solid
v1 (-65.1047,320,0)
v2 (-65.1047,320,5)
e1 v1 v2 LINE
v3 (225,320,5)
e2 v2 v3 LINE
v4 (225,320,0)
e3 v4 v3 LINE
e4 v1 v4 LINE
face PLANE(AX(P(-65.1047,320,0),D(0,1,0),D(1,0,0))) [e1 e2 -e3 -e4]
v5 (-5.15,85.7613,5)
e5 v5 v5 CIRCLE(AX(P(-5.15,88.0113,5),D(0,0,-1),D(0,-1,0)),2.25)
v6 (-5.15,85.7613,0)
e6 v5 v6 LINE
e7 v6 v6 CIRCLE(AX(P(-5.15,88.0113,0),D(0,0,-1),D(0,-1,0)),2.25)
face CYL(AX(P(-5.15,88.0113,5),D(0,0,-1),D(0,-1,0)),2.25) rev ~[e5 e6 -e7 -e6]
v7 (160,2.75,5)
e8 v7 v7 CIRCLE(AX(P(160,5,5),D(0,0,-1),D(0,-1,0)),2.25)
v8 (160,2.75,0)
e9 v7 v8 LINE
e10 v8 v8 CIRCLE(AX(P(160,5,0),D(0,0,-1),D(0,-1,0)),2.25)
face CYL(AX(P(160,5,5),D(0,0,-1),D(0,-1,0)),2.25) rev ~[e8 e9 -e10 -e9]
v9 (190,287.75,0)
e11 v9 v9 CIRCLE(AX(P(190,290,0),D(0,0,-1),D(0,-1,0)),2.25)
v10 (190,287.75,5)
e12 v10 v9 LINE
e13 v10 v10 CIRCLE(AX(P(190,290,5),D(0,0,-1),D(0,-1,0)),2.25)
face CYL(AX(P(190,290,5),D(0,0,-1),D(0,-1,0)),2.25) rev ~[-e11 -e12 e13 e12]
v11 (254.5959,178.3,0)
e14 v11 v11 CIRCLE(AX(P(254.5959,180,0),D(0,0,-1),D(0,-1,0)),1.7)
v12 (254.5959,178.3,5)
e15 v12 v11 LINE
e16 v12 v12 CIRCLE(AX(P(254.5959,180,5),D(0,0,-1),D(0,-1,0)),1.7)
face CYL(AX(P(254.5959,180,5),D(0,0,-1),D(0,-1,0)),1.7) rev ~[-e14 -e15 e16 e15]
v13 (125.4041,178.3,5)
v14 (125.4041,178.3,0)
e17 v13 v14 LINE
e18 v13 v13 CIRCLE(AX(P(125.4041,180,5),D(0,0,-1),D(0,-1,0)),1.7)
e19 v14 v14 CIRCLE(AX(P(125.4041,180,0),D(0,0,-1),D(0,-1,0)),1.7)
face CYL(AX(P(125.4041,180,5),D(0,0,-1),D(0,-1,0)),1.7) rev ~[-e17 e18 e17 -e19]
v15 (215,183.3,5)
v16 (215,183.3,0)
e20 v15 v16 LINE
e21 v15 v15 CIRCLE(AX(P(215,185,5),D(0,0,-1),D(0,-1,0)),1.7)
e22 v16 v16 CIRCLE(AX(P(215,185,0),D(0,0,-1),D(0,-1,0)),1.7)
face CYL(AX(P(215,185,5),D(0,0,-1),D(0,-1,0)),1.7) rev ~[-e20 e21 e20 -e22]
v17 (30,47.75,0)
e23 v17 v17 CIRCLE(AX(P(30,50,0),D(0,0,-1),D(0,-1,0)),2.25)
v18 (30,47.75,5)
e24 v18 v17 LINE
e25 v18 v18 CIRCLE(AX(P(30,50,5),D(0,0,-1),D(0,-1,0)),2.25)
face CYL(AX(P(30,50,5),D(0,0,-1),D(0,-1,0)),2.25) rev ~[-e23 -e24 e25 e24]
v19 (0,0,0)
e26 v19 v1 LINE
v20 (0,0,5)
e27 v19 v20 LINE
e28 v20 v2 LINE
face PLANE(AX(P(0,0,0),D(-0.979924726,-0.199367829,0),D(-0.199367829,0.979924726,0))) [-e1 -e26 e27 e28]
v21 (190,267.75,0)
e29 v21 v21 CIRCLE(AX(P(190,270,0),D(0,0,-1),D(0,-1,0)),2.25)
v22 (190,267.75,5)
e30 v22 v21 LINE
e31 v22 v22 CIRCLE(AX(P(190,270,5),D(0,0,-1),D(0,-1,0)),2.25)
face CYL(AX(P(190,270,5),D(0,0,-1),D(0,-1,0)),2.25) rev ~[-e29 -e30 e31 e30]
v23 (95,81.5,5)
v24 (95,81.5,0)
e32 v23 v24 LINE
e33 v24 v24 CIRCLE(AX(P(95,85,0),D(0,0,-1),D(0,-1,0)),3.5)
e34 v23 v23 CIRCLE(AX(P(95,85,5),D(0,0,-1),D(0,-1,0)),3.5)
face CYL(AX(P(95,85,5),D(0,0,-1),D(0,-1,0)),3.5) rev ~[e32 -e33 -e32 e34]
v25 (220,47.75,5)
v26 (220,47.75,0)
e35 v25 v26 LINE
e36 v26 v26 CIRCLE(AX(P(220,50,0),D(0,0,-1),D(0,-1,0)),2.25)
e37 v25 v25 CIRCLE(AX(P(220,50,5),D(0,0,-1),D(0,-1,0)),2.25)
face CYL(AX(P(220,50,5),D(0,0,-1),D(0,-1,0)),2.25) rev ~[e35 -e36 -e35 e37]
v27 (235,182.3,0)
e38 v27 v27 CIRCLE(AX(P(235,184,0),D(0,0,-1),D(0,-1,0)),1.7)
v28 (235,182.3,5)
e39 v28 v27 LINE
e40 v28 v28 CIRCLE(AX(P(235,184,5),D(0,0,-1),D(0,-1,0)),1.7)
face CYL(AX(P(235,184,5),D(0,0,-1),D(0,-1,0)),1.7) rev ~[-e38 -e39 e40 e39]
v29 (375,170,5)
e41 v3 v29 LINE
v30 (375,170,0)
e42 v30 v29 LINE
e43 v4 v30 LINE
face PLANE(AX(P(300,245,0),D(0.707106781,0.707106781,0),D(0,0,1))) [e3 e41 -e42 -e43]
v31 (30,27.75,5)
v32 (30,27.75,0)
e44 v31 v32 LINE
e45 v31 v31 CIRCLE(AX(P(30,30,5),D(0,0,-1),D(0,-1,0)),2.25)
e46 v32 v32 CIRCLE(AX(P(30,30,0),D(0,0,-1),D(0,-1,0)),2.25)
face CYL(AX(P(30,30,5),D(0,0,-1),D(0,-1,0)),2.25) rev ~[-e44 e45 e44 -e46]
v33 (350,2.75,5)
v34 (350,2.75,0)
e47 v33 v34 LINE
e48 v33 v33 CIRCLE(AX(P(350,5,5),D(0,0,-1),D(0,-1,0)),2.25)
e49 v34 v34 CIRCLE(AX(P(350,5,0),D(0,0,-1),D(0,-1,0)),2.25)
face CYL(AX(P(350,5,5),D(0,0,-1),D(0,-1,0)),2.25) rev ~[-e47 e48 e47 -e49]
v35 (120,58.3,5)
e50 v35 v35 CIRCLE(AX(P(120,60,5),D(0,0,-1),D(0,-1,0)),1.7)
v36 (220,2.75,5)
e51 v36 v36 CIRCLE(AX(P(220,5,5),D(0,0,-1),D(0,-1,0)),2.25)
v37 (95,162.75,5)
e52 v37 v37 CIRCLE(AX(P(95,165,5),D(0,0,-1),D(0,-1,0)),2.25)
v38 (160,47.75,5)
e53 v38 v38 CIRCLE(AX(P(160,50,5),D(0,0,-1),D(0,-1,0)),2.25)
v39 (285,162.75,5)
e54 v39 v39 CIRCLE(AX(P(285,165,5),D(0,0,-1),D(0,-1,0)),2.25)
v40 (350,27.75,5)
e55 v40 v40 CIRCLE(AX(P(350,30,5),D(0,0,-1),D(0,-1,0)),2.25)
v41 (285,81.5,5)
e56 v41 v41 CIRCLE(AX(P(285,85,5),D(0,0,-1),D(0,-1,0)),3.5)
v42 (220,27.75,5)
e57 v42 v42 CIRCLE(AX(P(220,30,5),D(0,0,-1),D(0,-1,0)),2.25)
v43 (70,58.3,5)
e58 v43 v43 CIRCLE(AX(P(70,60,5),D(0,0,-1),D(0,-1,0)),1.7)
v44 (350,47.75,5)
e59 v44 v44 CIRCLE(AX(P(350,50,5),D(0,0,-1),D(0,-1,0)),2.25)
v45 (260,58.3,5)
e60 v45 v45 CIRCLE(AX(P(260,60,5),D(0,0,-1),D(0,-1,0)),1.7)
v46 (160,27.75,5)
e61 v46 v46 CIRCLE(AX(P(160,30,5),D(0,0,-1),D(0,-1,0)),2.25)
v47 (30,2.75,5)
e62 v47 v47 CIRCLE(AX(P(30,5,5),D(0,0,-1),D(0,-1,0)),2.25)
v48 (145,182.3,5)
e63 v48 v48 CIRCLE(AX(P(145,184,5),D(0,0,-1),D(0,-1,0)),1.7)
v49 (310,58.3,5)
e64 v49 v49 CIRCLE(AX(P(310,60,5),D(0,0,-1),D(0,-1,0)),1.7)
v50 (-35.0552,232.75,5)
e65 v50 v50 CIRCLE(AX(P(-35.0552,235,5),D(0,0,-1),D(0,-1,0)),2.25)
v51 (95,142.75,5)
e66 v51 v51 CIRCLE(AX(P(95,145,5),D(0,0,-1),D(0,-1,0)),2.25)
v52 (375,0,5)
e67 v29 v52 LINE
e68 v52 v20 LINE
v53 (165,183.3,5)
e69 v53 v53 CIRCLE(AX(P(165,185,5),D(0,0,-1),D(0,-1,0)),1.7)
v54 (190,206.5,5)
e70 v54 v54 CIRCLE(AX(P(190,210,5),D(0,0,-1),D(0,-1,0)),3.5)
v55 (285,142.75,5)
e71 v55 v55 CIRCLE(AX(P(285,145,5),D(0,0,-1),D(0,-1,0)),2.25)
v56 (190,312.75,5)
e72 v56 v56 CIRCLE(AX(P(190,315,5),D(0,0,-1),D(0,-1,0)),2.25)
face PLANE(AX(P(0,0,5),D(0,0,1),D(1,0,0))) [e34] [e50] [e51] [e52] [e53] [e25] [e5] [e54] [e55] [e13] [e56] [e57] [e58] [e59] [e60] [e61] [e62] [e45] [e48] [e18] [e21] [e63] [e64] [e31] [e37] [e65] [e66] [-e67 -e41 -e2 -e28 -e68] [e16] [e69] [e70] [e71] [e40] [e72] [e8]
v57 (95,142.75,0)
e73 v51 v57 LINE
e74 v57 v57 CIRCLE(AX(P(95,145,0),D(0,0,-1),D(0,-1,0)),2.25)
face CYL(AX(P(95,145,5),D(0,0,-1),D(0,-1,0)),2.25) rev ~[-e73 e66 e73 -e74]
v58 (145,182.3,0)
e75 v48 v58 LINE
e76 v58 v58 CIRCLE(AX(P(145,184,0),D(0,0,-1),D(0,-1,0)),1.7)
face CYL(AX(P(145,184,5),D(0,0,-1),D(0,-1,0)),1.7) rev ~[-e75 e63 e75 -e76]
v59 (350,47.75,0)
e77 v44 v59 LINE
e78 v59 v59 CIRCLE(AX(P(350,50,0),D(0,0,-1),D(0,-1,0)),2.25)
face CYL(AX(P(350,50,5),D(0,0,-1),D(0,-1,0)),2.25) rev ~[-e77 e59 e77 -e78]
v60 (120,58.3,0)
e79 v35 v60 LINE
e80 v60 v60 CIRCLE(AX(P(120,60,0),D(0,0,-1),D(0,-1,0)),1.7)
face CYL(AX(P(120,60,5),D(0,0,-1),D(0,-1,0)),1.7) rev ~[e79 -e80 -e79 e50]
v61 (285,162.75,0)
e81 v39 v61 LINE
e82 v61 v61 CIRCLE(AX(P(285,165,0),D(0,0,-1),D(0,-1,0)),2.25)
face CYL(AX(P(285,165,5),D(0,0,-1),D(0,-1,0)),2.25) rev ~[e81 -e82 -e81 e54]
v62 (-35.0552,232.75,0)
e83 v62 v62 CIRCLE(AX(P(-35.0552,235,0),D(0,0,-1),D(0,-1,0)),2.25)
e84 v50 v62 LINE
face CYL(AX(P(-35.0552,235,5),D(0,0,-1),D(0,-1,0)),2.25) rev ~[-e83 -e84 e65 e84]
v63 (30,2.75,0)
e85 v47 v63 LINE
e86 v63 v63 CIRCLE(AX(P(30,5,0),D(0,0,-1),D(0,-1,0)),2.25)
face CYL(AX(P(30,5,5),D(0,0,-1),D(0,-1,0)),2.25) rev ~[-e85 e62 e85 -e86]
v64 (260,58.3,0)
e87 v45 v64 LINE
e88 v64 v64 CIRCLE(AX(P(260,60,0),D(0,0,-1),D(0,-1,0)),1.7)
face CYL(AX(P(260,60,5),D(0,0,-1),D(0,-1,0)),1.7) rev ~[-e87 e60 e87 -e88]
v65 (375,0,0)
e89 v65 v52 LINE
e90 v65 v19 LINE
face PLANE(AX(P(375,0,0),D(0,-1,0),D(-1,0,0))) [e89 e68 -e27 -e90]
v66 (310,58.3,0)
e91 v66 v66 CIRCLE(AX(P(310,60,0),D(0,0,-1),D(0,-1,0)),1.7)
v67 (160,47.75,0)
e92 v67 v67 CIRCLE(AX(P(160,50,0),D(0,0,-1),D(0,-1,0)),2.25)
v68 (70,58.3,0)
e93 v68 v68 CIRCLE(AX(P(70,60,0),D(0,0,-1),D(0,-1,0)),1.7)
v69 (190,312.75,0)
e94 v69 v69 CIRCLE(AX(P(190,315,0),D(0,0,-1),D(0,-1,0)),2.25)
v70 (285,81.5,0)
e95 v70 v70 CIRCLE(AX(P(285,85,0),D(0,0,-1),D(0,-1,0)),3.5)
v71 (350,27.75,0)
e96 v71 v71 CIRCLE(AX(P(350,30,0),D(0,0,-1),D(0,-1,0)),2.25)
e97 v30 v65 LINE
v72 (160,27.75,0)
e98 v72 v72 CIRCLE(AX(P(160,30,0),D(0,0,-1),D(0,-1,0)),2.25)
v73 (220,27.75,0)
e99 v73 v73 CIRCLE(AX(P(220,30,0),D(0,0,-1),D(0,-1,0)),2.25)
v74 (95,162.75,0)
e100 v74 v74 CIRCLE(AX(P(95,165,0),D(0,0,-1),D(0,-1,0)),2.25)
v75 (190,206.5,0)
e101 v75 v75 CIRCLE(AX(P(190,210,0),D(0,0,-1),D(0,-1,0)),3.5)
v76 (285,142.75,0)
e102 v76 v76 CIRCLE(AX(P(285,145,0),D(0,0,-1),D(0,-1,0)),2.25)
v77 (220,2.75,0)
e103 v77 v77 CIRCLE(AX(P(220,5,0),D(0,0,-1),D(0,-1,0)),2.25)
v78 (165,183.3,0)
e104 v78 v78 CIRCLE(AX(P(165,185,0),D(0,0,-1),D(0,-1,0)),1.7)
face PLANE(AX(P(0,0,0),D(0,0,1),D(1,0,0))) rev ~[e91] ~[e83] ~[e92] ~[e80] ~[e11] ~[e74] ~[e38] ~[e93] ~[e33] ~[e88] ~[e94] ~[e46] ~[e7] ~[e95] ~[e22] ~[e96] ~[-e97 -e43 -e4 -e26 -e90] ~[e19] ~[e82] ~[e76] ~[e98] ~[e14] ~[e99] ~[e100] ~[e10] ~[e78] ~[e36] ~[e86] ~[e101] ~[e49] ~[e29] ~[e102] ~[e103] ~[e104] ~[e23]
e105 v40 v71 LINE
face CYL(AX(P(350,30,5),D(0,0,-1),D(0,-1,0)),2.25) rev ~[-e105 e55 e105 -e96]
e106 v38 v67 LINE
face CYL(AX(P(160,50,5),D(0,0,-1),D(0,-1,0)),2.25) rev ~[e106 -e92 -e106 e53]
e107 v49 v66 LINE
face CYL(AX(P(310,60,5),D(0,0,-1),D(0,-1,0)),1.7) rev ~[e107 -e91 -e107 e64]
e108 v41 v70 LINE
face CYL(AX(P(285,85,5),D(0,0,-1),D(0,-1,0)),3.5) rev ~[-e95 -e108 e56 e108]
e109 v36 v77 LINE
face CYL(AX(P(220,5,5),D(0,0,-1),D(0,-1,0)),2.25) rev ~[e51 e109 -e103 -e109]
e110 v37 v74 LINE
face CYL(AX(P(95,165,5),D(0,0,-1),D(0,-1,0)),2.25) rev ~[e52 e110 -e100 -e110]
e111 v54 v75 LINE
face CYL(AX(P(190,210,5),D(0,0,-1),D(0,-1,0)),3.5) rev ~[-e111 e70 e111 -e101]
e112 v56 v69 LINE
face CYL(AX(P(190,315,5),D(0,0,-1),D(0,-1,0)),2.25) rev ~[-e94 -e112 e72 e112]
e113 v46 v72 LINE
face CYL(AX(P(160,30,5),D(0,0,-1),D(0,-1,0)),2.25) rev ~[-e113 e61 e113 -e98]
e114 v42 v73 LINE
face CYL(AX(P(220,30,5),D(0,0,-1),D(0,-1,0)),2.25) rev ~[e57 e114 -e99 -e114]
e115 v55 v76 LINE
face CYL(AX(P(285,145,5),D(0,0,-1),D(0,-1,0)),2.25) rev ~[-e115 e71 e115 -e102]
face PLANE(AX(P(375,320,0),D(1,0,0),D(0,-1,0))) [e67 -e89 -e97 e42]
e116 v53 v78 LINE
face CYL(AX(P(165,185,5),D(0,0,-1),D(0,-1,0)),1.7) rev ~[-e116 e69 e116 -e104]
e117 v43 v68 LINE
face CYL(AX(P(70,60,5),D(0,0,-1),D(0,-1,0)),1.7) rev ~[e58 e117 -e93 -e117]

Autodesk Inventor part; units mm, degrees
ref_plane "YZ Plane" through (0, 0, 0) normal (1, 0, 0) x (0, 1, 0)
ref_plane "XZ Plane" through (0, 0, 0) normal (0, 1, 0) x (-1, 0, 0)
ref_plane "XY Plane" through (0, 0, 0) normal (0, 0, 1) x (1, 0, 0)
sketch "Sketch1" plane through (0, 0, 0) normal (0, 0, 1) x (1, 0, 0)
  line L0 (0, 0) -> (-65.1047, 320)
  line L1 (-65.1047, 320) -> (375, 320)
  line L2 (375, 320) -> (375, 0)
  line L3 (375, 0) -> (0, 0)
  dimension "d0" = 320
  dimension "d1" = 78.5
  dimension "d2" = 375
extrude "Extrusion1" add sketch "Sketch1" along normal blind 5
sketch "Sketch2" plane through (0, 0, 5) normal (0, 0, 1) x (1, 0, 0)
  line L0 (0, 0) -> (375, 0) projected
  point P0 (190, 290)
  point P1 (190, 270)
  point P2 (95, 165)
  point P3 (95, 145)
  point P4 (285, 165)
  point P5 (285, 145)
  point P6 (30, 50)
  point P7 (30, 30)
  point P8 (160, 50)
  point P9 (160, 30)
  point P10 (220, 50)
  point P11 (220, 30)
  point P12 (350, 50)
  point P13 (350, 30)
  point P14 (190, 315)
  point P15 (30, 5)
  point P16 (160, 5)
  point P17 (220, 5)
  point P18 (350, 5)
  dimension "d5" = 20
  dimension "d6" = 20
  dimension "d7" = 20
  dimension "d15" = 25
  dimension "d16" = 105
  dimension "d17" = 95
  dimension "d19" = 25
  dimension "d20" = 5
  dimension "d21" = 30
  dimension "d29" = 60
  dimension "d30" = 130
  dimension "d31" = 130
  dimension "d32" = 65
  dimension "d33" = 65
  dimension "d35" = 190
  dimension "d36" = 95
hole "Hole1" at (190, 290, 5) at (190, 270, 5) at (95, 165, 5) at (95, 145, 5) at (285, 165, 5) at (285, 145, 5) at (30, 50, 5) at (30, 30, 5) at (160, 50, 5) at (160, 30, 5) at (220, 50, 5) at (220, 30, 5) at (350, 50, 5) at (350, 30, 5) at (190, 315, 5) at (30, 5, 5) at (160, 5, 5) at (220, 5, 5) at (350, 5, 5) direction (0, 0, -1) diameter 4.5 end through all clearance for "Flat Head Machine Screw" size "M4" standard "Ansi Metric M Profile"
sketch "Sketch3" plane through (0, 0, 5) normal (0, 0, 1) x (1, 0, 0)
  circle A0 centre (220, 5) radius 2.25 projected
  circle A1 centre (30, 5) radius 2.25 projected
  circle A2 centre (220, 30) radius 2.25 projected
  circle A3 centre (160, 30) radius 2.25 projected
  circle A4 centre (30, 30) radius 2.25 projected
  circle A5 centre (285, 145) radius 2.25 projected
  circle A6 centre (95, 145) radius 2.25 projected
  circle A7 centre (190, 270) radius 2.25 projected
  circle A8 centre (190, 290) radius 2.25 projected
  circle A9 centre (95, 165) radius 2.25 projected
  circle A10 centre (285, 165) radius 2.25 projected
  circle A11 centre (30, 50) radius 2.25 projected
  circle A12 centre (160, 50) radius 2.25 projected
  circle A13 centre (220, 50) radius 2.25 projected
  circle A14 centre (160, 5) radius 2.25 projected
  line L0 (-65.1047, 320) -> (0, 0) projected
  line L1 (0, 0) -> (375, 0) projected
  line L2 (375, 0) -> (375, 320) projected
  line L3 (375, 320) -> (-65.1047, 320) projected
  point P0 (190, 210)
  point P1 (95, 85)
  point P2 (285, 85)
  dimension "d37" = 60
  dimension "d38" = 60
hole "Hole2" at (190, 210, 5) at (95, 85, 5) at (285, 85, 5) direction (0, 0, -1) diameter 7 end through all
sketch "Sketch4" plane through (0, 0, 5) normal (0, 0, 1) x (1, 0, 0)
  circle A0 centre (95, 85) radius 3.5 projected
  circle A1 centre (190, 210) radius 3.5 projected
  circle A2 centre (285, 85) radius 3.5 projected
  circle A3 centre (220, 5) radius 2.25 projected
  circle A4 centre (30, 5) radius 2.25 projected
  circle A5 centre (220, 30) radius 2.25 projected
  circle A6 centre (160, 30) radius 2.25 projected
  circle A7 centre (30, 30) radius 2.25 projected
  circle A8 centre (285, 145) radius 2.25 projected
  circle A9 centre (95, 145) radius 2.25 projected
  circle A10 centre (190, 270) radius 2.25 projected
  circle A11 centre (190, 290) radius 2.25 projected
  circle A12 centre (95, 165) radius 2.25 projected
  circle A13 centre (285, 165) radius 2.25 projected
  circle A14 centre (30, 50) radius 2.25 projected
  circle A15 centre (160, 50) radius 2.25 projected
  circle A16 centre (220, 50) radius 2.25 projected
  circle A17 centre (160, 5) radius 2.25 projected
  line L0 (-65.1047, 320) -> (0, 0) projected
  line L1 (0, 0) -> (375, 0) projected
  line L2 (375, 0) -> (375, 320) projected
  line L3 (375, 320) -> (-65.1047, 320) projected
  point P0 (215, 185)
  point P1 (165, 185)
  point P2 (70, 60)
  point P3 (120, 60)
  point P4 (260, 60)
  point P5 (310, 60)
  dimension "d46" = 25
  dimension "d47" = 25
  dimension "d48" = 50
  dimension "d49" = 50
  dimension "d50" = 25
  dimension "d51" = 50
  dimension "d52" = 25
  dimension "d53" = 25
hole "Hole3" at (215, 185, 5) at (165, 185, 5) at (70, 60, 5) at (120, 60, 5) at (260, 60, 5) at (310, 60, 5) direction (0, 0, -1) diameter 3.4 end through all clearance for "Flat Head Machine Screw" size "M3" standard "Ansi Metric M Profile"
chamfer "Chamfer1" distance 150 angle 45 1 edges at (375, 320, 2.5)
sketch "Sketch5" plane through (0, 0, 5) normal (0, 0, 1) x (1, 0, 0)
  line L0 (-65.1047, 320) -> (0, 0) projected
  line L1 (225, 320) -> (-65.1047, 320) projected
  line L2 (0, 0) -> (375, 0) projected
  point P0 (-35.0552, 235)
  point P1 (-5.15, 88.0113)
  dimension "d64" = 12.5
  dimension "d65" = 12.5
  dimension "d66" = 150
  dimension "d67" = 85
  dimension "d68" = 88.0113
hole "Hole4" at (-35.0552, 235, 5) at (-5.15, 88.0113, 5) direction (0, 0, -1) diameter 4.5 end through all clearance for "Flat Head Machine Screw" size "M4" standard "Ansi Metric M Profile"
sketch "Sketch6" plane through (0, 0, 5) normal (0, 0, 1) x (1, 0, 0)
  circle A0 centre (-35.0552, 235) radius 2.25 projected
  circle A1 centre (-5.15, 88.0113) radius 2.25 projected
  line L0 (225, 320) -> (375, 170) projected
  line L1 (225, 320) -> (-65.1047, 320) projected
  line L2 (-65.1047, 320) -> (0, 0) projected
  line L3 (0, 0) -> (375, 0) projected
  line L4 (375, 0) -> (375, 170) projected
  circle A2 centre (260, 60) radius 1.7 projected
  circle A3 centre (70, 60) radius 1.7 projected
  circle A4 centre (215, 185) radius 1.7 projected
  circle A5 centre (165, 185) radius 1.7 projected
  circle A6 centre (120, 60) radius 1.7 projected
  circle A7 centre (310, 60) radius 1.7 projected
  circle A8 centre (95, 85) radius 3.5 projected
  circle A9 centre (190, 210) radius 3.5 projected
  circle A10 centre (285, 85) radius 3.5 projected
  circle A11 centre (220, 5) radius 2.25 projected
  circle A12 centre (30, 5) radius 2.25 projected
  circle A13 centre (350, 30) radius 2.25 projected
  circle A14 centre (220, 30) radius 2.25 projected
  circle A15 centre (160, 30) radius 2.25 projected
  circle A16 centre (30, 30) radius 2.25 projected
  circle A17 centre (285, 145) radius 2.25 projected
  circle A18 centre (95, 145) radius 2.25 projected
  circle A19 centre (190, 270) radius 2.25 projected
  circle A20 centre (190, 290) radius 2.25 projected
  circle A21 centre (95, 165) radius 2.25 projected
  circle A22 centre (285, 165) radius 2.25 projected
  circle A23 centre (30, 50) radius 2.25 projected
  circle A24 centre (160, 50) radius 2.25 projected
  circle A25 centre (220, 50) radius 2.25 projected
  circle A26 centre (350, 50) radius 2.25 projected
  circle A27 centre (190, 315) radius 2.25 projected
  circle A28 centre (160, 5) radius 2.25 projected
  circle A29 centre (350, 5) radius 2.25 projected
  point P0 (125.4041, 180)
  point P1 (145, 184)
  point P2 (235, 184)
  point P3 (254.5959, 180)
  dimension "d76" = 20
  dimension "d77" = 4
  dimension "d78" = 20
  dimension "d79" = 45
  dimension "d80" = 26
  dimension "d81" = 45
hole "Hole5" at (125.4041, 180, 5) at (145, 184, 5) at (235, 184, 5) at (254.5959, 180, 5) direction (0, 0, -1) diameter 3.4 end through all clearance for "Flat Head Machine Screw" size "M3" standard "Ansi Metric M Profile"
equation "\"d5\" = d6"
equation "\"d7\" = d5"
equation "\"d31\" = d30"
equation "\"d32\" = 0.5 * d30"
equation "\"d33\" = 0.5 * d31"
equation "\"d36\" = 0.5 * d35"
equation "\"d38\" = d37"
equation "\"d48\" = 2 * d47"
equation "\"d49\" = d48"
equation "\"d50\" = 0.5 * d49"
equation "\"d51\" = d49"
equation "\"d52\" = 0.5 * d51"
equation "\"d53\" = d46"
equation "\"d65\" = d64"
equation "\"d78\" = d76"
equation "\"d81\" = d79"
properties part number "Top_Separator Backboard" material "PMMA Plastic"
